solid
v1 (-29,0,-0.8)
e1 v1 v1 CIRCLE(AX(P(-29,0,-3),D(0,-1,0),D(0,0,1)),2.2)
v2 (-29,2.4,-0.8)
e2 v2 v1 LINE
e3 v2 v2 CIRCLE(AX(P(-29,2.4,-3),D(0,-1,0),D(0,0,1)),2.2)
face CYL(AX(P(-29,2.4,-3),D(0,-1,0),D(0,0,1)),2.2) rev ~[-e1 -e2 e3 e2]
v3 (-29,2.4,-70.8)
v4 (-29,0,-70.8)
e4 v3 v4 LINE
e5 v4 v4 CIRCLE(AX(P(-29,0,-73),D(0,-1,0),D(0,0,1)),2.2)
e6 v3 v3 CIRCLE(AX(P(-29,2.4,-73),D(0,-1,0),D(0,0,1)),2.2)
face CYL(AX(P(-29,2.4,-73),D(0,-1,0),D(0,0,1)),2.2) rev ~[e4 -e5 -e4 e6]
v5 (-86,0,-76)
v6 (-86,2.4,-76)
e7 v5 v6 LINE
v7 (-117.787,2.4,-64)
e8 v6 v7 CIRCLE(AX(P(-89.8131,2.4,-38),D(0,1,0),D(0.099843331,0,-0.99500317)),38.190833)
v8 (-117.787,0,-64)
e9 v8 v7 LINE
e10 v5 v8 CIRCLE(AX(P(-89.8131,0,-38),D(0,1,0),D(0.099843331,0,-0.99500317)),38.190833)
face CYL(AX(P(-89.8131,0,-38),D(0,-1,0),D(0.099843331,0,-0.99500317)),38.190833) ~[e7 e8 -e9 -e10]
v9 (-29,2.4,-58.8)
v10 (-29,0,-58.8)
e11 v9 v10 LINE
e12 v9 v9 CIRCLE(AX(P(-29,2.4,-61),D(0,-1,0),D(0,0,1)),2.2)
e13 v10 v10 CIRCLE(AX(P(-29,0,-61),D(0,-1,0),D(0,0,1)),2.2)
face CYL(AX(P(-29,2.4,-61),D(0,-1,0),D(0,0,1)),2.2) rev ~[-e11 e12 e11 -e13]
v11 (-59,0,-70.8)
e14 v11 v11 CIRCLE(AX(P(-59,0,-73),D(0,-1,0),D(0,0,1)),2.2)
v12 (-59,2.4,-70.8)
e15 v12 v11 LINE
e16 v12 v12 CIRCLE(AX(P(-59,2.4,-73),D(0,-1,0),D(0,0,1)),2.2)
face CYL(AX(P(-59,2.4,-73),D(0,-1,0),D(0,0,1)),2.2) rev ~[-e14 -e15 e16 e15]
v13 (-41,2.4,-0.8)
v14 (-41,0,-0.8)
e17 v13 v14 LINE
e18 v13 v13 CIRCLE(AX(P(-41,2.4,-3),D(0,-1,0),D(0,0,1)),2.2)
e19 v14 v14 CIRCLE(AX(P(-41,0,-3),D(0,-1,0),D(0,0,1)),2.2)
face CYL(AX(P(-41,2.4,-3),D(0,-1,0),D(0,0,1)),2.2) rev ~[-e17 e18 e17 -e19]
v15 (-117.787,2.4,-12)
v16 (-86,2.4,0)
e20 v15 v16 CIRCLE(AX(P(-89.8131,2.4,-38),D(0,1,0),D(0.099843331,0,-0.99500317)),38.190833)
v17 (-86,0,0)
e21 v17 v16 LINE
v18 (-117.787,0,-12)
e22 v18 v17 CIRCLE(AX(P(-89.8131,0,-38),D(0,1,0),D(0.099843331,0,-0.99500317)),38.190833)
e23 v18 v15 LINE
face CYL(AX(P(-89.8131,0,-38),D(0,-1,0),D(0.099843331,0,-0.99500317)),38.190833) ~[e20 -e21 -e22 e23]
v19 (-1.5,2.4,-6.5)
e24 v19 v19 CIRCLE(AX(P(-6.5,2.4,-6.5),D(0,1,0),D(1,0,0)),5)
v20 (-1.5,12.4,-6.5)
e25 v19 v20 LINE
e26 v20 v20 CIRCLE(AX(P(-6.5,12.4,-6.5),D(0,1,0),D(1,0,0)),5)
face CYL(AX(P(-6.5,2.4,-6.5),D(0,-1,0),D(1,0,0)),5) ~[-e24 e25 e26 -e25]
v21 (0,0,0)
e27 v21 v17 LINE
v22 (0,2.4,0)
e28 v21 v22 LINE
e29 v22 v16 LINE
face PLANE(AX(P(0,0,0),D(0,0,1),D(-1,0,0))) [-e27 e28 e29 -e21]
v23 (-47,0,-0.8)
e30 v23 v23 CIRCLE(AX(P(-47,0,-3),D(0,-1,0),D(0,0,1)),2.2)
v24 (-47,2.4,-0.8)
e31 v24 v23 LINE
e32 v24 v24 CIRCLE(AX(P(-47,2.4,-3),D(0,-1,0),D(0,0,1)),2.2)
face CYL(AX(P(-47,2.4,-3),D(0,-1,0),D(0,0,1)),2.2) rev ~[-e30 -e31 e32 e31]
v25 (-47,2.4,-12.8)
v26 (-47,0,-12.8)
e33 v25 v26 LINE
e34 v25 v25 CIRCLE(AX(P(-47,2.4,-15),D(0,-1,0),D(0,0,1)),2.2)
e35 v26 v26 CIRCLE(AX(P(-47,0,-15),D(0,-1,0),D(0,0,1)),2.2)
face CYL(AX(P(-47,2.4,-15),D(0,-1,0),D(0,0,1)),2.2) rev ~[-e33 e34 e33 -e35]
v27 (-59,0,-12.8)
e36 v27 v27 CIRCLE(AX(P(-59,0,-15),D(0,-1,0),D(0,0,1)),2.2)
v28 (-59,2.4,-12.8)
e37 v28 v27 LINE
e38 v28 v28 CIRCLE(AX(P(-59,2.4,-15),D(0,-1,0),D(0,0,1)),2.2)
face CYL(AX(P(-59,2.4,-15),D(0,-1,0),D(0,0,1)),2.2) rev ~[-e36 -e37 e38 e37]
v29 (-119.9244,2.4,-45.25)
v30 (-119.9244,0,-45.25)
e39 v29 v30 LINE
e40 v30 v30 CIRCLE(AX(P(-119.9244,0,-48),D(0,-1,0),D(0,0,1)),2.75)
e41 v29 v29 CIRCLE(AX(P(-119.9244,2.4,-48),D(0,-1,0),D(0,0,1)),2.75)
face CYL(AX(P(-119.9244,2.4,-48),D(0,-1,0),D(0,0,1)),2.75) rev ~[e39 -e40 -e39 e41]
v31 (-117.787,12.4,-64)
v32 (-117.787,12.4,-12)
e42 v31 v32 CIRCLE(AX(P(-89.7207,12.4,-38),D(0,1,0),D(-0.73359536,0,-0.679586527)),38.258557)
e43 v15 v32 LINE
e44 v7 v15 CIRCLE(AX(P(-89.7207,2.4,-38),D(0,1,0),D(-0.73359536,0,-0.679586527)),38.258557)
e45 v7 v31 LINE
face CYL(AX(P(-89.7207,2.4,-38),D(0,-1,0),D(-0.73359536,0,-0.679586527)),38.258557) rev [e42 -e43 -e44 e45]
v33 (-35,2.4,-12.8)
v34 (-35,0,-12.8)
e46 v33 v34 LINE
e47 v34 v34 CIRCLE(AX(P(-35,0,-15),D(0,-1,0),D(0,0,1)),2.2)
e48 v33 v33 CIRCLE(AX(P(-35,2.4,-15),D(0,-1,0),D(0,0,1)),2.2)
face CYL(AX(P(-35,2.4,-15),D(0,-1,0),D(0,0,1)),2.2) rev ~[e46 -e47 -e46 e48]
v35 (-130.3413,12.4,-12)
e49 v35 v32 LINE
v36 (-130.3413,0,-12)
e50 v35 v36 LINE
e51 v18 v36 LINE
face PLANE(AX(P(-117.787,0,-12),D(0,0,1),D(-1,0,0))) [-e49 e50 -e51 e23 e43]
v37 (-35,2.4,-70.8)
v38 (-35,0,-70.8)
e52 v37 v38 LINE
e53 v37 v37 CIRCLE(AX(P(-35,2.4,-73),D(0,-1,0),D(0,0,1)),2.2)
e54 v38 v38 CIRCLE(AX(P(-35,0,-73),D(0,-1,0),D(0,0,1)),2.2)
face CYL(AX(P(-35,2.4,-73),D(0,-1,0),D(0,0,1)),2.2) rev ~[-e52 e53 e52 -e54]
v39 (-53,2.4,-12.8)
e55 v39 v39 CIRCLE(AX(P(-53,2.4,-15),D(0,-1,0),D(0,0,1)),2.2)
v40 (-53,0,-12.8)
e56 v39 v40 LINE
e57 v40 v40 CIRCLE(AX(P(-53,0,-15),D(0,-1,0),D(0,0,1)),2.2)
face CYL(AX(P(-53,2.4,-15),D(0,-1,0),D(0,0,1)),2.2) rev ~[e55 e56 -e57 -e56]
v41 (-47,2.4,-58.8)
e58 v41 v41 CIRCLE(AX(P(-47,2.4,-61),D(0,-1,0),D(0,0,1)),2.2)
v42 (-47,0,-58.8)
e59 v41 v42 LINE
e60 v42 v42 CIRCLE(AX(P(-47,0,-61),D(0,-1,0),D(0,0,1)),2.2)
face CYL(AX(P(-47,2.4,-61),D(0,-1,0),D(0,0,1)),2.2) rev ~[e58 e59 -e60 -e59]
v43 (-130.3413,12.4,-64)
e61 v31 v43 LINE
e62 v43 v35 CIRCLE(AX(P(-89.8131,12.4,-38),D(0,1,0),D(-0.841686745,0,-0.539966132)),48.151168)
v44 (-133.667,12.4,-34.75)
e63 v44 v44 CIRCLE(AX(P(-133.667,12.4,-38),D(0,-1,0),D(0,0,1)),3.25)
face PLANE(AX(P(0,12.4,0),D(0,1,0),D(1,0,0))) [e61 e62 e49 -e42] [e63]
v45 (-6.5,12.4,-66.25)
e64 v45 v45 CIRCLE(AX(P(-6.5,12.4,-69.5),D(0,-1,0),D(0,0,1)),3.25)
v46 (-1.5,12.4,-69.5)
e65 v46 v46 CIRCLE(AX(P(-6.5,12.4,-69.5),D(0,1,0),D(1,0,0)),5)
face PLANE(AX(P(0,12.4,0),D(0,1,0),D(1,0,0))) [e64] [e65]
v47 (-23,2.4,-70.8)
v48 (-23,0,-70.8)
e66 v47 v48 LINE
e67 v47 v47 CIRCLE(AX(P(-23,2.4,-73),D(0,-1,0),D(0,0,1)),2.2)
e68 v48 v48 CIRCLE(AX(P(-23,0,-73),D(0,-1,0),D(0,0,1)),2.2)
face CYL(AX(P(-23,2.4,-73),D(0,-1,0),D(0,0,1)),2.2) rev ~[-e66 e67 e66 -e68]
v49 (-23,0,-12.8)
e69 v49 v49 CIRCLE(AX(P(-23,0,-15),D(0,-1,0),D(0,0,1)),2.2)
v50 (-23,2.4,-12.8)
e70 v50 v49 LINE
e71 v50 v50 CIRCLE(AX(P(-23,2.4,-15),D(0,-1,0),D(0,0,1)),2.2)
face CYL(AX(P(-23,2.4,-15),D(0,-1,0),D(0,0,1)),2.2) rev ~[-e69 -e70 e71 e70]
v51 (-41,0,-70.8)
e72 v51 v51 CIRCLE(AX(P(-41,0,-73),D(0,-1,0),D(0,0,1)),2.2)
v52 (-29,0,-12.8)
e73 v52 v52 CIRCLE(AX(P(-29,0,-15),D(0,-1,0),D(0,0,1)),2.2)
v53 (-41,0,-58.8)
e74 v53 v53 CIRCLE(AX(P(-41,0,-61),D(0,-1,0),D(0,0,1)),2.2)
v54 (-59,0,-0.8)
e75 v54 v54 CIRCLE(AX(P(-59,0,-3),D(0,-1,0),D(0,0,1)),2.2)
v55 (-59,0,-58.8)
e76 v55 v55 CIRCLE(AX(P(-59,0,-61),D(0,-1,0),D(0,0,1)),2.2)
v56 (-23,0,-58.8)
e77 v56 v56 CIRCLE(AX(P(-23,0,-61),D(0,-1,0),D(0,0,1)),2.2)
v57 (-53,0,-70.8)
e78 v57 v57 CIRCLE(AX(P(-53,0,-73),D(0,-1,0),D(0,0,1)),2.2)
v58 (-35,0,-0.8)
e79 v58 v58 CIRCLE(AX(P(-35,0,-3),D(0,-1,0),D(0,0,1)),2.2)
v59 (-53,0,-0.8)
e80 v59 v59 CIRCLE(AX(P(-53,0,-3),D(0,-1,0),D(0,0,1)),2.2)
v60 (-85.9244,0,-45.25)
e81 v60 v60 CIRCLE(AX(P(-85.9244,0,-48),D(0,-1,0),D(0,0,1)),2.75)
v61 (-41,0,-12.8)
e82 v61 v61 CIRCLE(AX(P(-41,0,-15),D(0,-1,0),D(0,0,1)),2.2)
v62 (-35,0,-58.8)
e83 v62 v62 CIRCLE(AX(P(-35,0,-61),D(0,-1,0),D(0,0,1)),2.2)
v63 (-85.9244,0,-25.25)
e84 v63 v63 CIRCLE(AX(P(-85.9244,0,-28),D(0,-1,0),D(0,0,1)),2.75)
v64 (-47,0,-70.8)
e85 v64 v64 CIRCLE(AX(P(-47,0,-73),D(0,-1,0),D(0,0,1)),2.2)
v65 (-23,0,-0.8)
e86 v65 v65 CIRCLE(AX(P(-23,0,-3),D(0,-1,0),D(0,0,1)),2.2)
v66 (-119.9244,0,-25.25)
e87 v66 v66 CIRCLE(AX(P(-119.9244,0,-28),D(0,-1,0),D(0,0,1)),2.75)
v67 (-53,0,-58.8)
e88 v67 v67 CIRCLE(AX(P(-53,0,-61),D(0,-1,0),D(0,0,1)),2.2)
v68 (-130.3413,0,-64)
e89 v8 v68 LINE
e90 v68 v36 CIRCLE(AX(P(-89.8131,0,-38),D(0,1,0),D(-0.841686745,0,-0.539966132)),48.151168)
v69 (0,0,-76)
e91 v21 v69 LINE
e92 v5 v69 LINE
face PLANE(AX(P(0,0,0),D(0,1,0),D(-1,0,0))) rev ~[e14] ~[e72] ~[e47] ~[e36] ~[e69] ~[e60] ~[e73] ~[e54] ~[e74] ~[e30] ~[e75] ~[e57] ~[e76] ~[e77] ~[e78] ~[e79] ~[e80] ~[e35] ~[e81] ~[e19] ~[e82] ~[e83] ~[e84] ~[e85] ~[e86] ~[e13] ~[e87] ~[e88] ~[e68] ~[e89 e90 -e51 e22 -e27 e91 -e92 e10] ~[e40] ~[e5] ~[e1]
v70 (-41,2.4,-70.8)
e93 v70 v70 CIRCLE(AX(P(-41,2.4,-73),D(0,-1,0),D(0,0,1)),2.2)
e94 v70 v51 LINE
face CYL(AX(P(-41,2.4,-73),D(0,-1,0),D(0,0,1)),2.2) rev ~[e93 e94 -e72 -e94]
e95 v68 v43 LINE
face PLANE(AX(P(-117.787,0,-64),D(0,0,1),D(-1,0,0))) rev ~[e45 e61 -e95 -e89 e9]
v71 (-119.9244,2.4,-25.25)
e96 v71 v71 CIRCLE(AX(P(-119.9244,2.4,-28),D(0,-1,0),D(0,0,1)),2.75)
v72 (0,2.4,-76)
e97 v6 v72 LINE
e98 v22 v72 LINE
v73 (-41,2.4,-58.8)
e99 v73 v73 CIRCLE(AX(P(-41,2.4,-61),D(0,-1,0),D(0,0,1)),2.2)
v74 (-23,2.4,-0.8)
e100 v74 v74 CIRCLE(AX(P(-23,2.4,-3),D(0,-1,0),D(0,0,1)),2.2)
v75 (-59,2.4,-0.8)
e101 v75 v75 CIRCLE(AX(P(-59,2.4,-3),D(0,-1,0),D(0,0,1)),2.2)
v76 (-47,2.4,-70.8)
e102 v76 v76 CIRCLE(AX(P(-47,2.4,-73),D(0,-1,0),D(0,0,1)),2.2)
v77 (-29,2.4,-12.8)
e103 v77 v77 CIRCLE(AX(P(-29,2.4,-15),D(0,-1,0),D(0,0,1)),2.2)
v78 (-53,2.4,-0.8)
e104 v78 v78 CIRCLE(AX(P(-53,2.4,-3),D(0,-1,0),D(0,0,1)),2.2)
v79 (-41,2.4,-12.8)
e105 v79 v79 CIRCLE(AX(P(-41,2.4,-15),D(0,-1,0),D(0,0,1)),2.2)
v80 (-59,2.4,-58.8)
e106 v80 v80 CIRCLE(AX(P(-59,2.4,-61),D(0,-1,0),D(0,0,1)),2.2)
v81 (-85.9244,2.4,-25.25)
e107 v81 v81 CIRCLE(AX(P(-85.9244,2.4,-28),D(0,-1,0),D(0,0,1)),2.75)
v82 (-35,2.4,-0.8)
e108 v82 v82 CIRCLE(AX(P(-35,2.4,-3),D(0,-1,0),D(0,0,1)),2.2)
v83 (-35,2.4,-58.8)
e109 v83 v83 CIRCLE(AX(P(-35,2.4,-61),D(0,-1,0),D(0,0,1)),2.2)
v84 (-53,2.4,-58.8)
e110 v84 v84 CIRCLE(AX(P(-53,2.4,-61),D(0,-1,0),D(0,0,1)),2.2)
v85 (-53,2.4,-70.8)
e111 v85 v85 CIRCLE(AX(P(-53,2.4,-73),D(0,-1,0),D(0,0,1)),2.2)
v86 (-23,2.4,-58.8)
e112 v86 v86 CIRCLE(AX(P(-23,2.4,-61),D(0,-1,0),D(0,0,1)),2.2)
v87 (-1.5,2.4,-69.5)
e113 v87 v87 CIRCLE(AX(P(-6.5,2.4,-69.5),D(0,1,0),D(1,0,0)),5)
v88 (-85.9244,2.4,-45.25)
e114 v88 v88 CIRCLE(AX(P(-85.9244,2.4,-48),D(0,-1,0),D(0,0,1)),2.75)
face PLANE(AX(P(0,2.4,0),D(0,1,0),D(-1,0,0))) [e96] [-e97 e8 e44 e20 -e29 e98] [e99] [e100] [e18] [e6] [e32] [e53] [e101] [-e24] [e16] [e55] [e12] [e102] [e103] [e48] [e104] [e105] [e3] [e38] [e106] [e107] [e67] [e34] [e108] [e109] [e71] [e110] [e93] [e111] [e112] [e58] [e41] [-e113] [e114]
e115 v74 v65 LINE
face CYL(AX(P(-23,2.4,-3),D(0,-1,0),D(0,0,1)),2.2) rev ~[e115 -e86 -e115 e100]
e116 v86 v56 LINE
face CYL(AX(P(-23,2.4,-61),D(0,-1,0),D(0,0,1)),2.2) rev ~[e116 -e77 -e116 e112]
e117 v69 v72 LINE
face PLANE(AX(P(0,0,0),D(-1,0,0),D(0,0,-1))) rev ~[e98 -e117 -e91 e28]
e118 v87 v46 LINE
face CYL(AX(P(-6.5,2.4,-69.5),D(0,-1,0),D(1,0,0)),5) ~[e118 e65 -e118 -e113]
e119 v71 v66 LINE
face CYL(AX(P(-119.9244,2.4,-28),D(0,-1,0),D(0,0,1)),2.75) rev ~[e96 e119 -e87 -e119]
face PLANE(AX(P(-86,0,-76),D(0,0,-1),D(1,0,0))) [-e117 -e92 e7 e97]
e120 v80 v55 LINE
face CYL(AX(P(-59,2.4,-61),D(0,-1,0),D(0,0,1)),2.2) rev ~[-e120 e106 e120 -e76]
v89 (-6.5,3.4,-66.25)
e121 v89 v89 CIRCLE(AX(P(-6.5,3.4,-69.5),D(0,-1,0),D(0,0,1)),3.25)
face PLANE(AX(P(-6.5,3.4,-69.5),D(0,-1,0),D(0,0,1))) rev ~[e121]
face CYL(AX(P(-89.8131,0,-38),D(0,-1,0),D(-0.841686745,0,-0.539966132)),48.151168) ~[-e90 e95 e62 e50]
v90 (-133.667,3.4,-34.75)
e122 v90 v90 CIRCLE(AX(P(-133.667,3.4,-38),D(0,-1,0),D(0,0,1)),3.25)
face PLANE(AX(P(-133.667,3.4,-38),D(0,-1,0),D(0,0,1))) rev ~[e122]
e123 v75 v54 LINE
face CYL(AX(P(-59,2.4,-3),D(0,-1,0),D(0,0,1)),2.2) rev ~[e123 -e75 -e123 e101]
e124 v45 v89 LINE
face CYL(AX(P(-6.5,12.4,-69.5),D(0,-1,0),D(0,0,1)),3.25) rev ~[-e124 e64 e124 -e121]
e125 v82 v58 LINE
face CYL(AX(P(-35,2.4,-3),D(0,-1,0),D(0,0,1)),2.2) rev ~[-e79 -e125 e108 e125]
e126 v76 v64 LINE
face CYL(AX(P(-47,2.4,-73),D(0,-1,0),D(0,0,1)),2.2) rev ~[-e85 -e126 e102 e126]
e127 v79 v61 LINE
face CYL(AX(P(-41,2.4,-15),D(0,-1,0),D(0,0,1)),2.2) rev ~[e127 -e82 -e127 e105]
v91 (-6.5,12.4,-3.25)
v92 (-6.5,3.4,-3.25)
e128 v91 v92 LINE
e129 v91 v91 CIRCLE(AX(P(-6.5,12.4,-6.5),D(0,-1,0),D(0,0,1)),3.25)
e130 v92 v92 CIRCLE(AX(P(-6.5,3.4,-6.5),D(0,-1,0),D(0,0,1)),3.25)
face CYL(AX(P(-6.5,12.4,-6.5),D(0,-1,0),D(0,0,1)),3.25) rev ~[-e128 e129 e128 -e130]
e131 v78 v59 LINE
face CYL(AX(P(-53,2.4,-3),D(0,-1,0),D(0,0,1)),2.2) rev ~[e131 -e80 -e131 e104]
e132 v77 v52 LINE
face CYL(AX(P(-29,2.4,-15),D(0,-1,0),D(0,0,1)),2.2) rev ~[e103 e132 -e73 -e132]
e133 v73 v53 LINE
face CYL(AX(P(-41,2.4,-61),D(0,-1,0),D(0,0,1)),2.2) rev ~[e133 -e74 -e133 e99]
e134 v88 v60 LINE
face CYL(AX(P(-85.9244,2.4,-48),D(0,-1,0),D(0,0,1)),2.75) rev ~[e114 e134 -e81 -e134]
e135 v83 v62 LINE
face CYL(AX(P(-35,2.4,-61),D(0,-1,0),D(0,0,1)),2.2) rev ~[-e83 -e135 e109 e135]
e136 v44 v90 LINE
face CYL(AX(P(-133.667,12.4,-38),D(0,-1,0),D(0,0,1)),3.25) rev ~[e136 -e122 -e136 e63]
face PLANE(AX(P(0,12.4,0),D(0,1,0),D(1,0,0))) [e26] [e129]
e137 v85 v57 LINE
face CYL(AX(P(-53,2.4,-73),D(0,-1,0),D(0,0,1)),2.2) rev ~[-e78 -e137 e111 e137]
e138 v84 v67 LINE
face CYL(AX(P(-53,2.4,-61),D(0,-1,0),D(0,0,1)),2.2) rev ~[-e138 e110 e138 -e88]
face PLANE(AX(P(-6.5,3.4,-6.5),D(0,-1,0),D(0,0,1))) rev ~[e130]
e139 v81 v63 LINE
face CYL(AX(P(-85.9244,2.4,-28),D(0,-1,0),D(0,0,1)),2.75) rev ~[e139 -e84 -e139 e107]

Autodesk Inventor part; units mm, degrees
ref_plane "YZ Plane" through (0, 0, 0) normal (1, 0, 0) x (0, 1, 0)
ref_plane "XZ Plane" through (0, 0, 0) normal (0, 1, 0) x (-1, 0, 0)
ref_plane "XY Plane" through (0, 0, 0) normal (0, 0, 1) x (1, 0, 0)
sketch "Sketch1" plane through (0, 0, 0) normal (0, 1, 0) x (-1, 0, 0)
  line L0 (0, 0) -> (86, 0)
  line L1 (0, 0) -> (0, -76)
  line L2 (86, -76) -> (0, -76)
  arc A0 (86, -76) -> (86, 0) centre (89.8131, -38) ccw
  line L3 (86, -76) -> (86, -86)
  line L4 (86, 0) -> (86, 10)
  arc A1 (130.3413, -64) -> (130.3413, -12) centre (89.8131, -38) ccw
  line L5 (86, 0) -> (86, -12)
  line L6 (86, -76) -> (86, -64)
  line L7 (117.787, -12) -> (130.3413, -12)
  line L8 (117.787, -64) -> (130.3413, -64)
  line L9 (117.787, -12) -> (130.3413, -12)
  line L10 (117.787, -64) -> (130.3413, -64)
  line L11 (130.3413, -12) -> (117.787, -12)
  line L12 (130.3413, -64) -> (117.787, -64)
  arc A2 (117.787, -64) -> (117.787, -12) centre (89.8131, -38) ccw
  arc A3 (130.3413, -64) -> (130.3413, -12) centre (89.8131, -38) ccw
  dimension "d1" = 86
  dimension "d2" = 76
  dimension "d3" = 10
  dimension "d4" = 10
  dimension "d6" = 12
  dimension "d7" = 12
extrude "Extrusion1" add sketch "Sketch1" along normal blind 2.4
sketch "Sketch2" plane through (0, 2.4, 0) normal (0, 1, 0) x (1, 0, 0)
  circle A0 centre (-6.5, 6.5) radius 5
  circle A1 centre (-6.5, 69.5) radius 5
  line L0 (-86, 0) -> (0, 0) projected
  line L1 (0, 0) -> (0, 76) projected
  arc A2 (-117.787, 64) -> (-117.787, 12) centre (-89.7207, 38) ccw
  line L2 (-130.3413, 12) -> (-117.787, 12) projected
  line L3 (-130.3413, 12) -> (-117.787, 12)
  line L4 (-117.787, 64) -> (-130.3413, 64) projected
  line L5 (-130.3413, 64) -> (-117.787, 64)
  arc A3 (-130.3413, 64) -> (-130.3413, 12) centre (-89.8131, 38) ccw
  dimension "d10" = 10
  dimension "d11" = 10
  dimension "d12" = 63
  dimension "d13" = 6.5
  dimension "d14" = 6.5
  dimension "d15" = 6.5
extrude "Extrusion2" add sketch "Sketch2" along normal blind 10
sketch "Sketch4" plane through (-6.5, 12.4, -6.5) normal (0, 1, 0) x (1, 0, 0)
  circle A0 centre (0, 0) radius 3.25
  circle A1 centre (0, 63) radius 5 projected
  circle A2 centre (0, 63) radius 3.25
  line L0 (0, 0) -> (0, 63)
  line L1 (6.5, -6.5) -> (6.5, 69.5) projected
  line L2 (0, 31.5) -> (-127.167, 31.5)
  circle A3 centre (-127.167, 31.5) radius 3.25
  dimension "d20" = 6.5
  dimension "d21" = 6.5
  dimension "d22" = 127.167
  dimension "d23" = 6.5
  dimension "d70" = 63
hole "Hole1" at (-133.667, 12.4, -38) at (-6.5, 12.4, -69.5) at (-6.5, 12.4, -6.5) direction (0, -1, 0) diameter 6.5 depth 9
sketch "Sketch5" plane through (0, 2.4, 0) normal (0, 1, 0) x (1, 0, 0)
  line L0 (-86, 0) -> (0, 0) projected
  line L1 (-55.3616, 0) -> (-55.3616, 76)
  line L2 (0, 76) -> (-86, 76) projected
  line L3 (-55.3616, 38) -> (-127.9792, 38)
  arc A0 (-117.787, 64) -> (-117.787, 12) centre (-89.7207, 38) ccw projected
  arc A1 (-117.787, 64) -> (-117.787, 12) centre (-89.7207, 38) ccw projected
  arc A2 (-117.787, 12) -> (-86, 0) centre (-89.8131, 38) ccw projected
  line L4 (-86, 0) -> (0, 0) projected
  line L5 (0, 0) -> (0, 76) projected
  line L6 (0, 76) -> (-86, 76) projected
  arc A3 (-86, 76) -> (-117.787, 64) centre (-89.8131, 38) ccw projected
  circle A4 centre (-6.5, 69.5) radius 5 projected
  circle A5 centre (-6.5, 6.5) radius 5 projected
  circle A6 centre (-119.9244, 28) radius 2.75
  line L7 (-119.9244, 28) -> (-119.9244, 38)
  circle A7 centre (-119.9244, 48) radius 2.75
  circle A8 centre (-85.9244, 28) radius 2.75
  circle A9 centre (-85.9244, 48) radius 2.75
  dimension "d36" = 5.5
  dimension "d38" = 5.5
  dimension "d39" = 10
  dimension "d40" = 10
  dimension "d41" = 5.5
  dimension "d42" = 5.5
  dimension "d43" = 34
  dimension "d44" = 34
hole "Hole2" at (-119.9244, 2.4, -28) at (-119.9244, 2.4, -48) at (-85.9244, 2.4, -48) at (-85.9244, 2.4, -28) direction (0, -1, 0) diameter 5.5 end through all
sketch "Sketch6" plane through (0, 2.4, 0) normal (0, 1, 0) x (1, 0, 0)
  line L0 (-16.1203, 0) -> (-16.1203, 27)
  circle A0 centre (-23, 61) radius 2.2
  line L1 (0, 0) -> (0, 76) projected
  line L2 (0, 76) -> (-86, 76) projected
  circle A1 centre (-35, 61) radius 2.2
  circle A2 centre (-47, 61) radius 2.2
  circle A3 centre (-59, 61) radius 2.2
  line L3 (0, 0) -> (0, 76) projected
  line L4 (0, 38) -> (-47, 38)
  circle A4 centre (-23, 15) radius 2.2
  circle A5 centre (-35, 15) radius 2.2
  circle A6 centre (-47, 15) radius 2.2
  circle A7 centre (-59, 15) radius 2.2
  line L5 (-47, 38) -> (-86, 38)
  line L6 (-35, 61) -> (-35, 73)
  circle A8 centre (-35, 73) radius 2.2
  circle A9 centre (-47, 73) radius 2.2
  circle A10 centre (-35, 3) radius 2.2
  circle A11 centre (-47, 3) radius 2.2
  circle A12 centre (-53, 61) radius 2.2
  circle A13 centre (-41, 61) radius 2.2
  circle A14 centre (-29, 61) radius 2.2
  line L7 (-47, 61) -> (-47, 73)
  line L8 (-47, 67) -> (-37.2, 67)
  circle A15 centre (-23, 73) radius 2.2
  circle A16 centre (-35, 73) radius 2.2
  circle A17 centre (-47, 73) radius 2.2
  circle A18 centre (-59, 73) radius 2.2
  line L9 (-35, 73) -> (-35, 61)
  circle A19 centre (-53, 73) radius 2.2
  circle A20 centre (-41, 73) radius 2.2
  circle A21 centre (-29, 73) radius 2.2
  circle A22 centre (-23, 15) radius 2.2
  circle A23 centre (-35, 15) radius 2.2
  circle A24 centre (-47, 15) radius 2.2
  circle A25 centre (-59, 15) radius 2.2
  circle A26 centre (-35, 3) radius 2.2
  circle A27 centre (-53, 15) radius 2.2
  circle A28 centre (-41, 15) radius 2.2
  circle A29 centre (-29, 15) radius 2.2
  circle A30 centre (-59, 3) radius 2.2
  circle A31 centre (-53, 3) radius 2.2
  circle A32 centre (-47, 3) radius 2.2
  circle A33 centre (-41, 3) radius 2.2
  circle A34 centre (-29, 3) radius 2.2
  circle A35 centre (-23, 3) radius 2.2
  dimension "d52" = 27
  dimension "d54" = 4.4
  dimension "d57" = 4.4
  dimension "d59" = 4.4
  dimension "d61" = 4.4
  dimension "d71" = 23
  dimension "d73" = 23
  dimension "d74" = 23
  dimension "d75" = 23
  dimension "d76" = 12
  dimension "d77" = 4.4
  dimension "d78" = 4.4
  dimension "d79" = 4.4
  dimension "d80" = 6
  dimension "d81" = 4.4
  dimension "d82" = 6
  dimension "d83" = 4.4
  dimension "d84" = 6
hole "Hole3" at (-59, 2.4, -15) at (-47, 2.4, -15) at (-35, 2.4, -15) at (-23, 2.4, -15) at (-23, 2.4, -61) at (-35, 2.4, -61) at (-47, 2.4, -61) at (-59, 2.4, -61) at (-47, 2.4, -3) at (-35, 2.4, -3) at (-35, 2.4, -73) at (-47, 2.4, -73) at (-59, 2.4, -3) at (-53, 2.4, -3) at (-53, 2.4, -15) at (-41, 2.4, -15) at (-41, 2.4, -3) at (-29, 2.4, -3) at (-23, 2.4, -3) at (-29, 2.4, -15) at (-59, 2.4, -73) at (-53, 2.4, -73) at (-53, 2.4, -61) at (-41, 2.4, -61) at (-41, 2.4, -73) at (-29, 2.4, -73) at (-29, 2.4, -61) at (-23, 2.4, -73) direction (0, -1, 0) diameter 4.4 end through all
properties part number "baseChassis322016"
